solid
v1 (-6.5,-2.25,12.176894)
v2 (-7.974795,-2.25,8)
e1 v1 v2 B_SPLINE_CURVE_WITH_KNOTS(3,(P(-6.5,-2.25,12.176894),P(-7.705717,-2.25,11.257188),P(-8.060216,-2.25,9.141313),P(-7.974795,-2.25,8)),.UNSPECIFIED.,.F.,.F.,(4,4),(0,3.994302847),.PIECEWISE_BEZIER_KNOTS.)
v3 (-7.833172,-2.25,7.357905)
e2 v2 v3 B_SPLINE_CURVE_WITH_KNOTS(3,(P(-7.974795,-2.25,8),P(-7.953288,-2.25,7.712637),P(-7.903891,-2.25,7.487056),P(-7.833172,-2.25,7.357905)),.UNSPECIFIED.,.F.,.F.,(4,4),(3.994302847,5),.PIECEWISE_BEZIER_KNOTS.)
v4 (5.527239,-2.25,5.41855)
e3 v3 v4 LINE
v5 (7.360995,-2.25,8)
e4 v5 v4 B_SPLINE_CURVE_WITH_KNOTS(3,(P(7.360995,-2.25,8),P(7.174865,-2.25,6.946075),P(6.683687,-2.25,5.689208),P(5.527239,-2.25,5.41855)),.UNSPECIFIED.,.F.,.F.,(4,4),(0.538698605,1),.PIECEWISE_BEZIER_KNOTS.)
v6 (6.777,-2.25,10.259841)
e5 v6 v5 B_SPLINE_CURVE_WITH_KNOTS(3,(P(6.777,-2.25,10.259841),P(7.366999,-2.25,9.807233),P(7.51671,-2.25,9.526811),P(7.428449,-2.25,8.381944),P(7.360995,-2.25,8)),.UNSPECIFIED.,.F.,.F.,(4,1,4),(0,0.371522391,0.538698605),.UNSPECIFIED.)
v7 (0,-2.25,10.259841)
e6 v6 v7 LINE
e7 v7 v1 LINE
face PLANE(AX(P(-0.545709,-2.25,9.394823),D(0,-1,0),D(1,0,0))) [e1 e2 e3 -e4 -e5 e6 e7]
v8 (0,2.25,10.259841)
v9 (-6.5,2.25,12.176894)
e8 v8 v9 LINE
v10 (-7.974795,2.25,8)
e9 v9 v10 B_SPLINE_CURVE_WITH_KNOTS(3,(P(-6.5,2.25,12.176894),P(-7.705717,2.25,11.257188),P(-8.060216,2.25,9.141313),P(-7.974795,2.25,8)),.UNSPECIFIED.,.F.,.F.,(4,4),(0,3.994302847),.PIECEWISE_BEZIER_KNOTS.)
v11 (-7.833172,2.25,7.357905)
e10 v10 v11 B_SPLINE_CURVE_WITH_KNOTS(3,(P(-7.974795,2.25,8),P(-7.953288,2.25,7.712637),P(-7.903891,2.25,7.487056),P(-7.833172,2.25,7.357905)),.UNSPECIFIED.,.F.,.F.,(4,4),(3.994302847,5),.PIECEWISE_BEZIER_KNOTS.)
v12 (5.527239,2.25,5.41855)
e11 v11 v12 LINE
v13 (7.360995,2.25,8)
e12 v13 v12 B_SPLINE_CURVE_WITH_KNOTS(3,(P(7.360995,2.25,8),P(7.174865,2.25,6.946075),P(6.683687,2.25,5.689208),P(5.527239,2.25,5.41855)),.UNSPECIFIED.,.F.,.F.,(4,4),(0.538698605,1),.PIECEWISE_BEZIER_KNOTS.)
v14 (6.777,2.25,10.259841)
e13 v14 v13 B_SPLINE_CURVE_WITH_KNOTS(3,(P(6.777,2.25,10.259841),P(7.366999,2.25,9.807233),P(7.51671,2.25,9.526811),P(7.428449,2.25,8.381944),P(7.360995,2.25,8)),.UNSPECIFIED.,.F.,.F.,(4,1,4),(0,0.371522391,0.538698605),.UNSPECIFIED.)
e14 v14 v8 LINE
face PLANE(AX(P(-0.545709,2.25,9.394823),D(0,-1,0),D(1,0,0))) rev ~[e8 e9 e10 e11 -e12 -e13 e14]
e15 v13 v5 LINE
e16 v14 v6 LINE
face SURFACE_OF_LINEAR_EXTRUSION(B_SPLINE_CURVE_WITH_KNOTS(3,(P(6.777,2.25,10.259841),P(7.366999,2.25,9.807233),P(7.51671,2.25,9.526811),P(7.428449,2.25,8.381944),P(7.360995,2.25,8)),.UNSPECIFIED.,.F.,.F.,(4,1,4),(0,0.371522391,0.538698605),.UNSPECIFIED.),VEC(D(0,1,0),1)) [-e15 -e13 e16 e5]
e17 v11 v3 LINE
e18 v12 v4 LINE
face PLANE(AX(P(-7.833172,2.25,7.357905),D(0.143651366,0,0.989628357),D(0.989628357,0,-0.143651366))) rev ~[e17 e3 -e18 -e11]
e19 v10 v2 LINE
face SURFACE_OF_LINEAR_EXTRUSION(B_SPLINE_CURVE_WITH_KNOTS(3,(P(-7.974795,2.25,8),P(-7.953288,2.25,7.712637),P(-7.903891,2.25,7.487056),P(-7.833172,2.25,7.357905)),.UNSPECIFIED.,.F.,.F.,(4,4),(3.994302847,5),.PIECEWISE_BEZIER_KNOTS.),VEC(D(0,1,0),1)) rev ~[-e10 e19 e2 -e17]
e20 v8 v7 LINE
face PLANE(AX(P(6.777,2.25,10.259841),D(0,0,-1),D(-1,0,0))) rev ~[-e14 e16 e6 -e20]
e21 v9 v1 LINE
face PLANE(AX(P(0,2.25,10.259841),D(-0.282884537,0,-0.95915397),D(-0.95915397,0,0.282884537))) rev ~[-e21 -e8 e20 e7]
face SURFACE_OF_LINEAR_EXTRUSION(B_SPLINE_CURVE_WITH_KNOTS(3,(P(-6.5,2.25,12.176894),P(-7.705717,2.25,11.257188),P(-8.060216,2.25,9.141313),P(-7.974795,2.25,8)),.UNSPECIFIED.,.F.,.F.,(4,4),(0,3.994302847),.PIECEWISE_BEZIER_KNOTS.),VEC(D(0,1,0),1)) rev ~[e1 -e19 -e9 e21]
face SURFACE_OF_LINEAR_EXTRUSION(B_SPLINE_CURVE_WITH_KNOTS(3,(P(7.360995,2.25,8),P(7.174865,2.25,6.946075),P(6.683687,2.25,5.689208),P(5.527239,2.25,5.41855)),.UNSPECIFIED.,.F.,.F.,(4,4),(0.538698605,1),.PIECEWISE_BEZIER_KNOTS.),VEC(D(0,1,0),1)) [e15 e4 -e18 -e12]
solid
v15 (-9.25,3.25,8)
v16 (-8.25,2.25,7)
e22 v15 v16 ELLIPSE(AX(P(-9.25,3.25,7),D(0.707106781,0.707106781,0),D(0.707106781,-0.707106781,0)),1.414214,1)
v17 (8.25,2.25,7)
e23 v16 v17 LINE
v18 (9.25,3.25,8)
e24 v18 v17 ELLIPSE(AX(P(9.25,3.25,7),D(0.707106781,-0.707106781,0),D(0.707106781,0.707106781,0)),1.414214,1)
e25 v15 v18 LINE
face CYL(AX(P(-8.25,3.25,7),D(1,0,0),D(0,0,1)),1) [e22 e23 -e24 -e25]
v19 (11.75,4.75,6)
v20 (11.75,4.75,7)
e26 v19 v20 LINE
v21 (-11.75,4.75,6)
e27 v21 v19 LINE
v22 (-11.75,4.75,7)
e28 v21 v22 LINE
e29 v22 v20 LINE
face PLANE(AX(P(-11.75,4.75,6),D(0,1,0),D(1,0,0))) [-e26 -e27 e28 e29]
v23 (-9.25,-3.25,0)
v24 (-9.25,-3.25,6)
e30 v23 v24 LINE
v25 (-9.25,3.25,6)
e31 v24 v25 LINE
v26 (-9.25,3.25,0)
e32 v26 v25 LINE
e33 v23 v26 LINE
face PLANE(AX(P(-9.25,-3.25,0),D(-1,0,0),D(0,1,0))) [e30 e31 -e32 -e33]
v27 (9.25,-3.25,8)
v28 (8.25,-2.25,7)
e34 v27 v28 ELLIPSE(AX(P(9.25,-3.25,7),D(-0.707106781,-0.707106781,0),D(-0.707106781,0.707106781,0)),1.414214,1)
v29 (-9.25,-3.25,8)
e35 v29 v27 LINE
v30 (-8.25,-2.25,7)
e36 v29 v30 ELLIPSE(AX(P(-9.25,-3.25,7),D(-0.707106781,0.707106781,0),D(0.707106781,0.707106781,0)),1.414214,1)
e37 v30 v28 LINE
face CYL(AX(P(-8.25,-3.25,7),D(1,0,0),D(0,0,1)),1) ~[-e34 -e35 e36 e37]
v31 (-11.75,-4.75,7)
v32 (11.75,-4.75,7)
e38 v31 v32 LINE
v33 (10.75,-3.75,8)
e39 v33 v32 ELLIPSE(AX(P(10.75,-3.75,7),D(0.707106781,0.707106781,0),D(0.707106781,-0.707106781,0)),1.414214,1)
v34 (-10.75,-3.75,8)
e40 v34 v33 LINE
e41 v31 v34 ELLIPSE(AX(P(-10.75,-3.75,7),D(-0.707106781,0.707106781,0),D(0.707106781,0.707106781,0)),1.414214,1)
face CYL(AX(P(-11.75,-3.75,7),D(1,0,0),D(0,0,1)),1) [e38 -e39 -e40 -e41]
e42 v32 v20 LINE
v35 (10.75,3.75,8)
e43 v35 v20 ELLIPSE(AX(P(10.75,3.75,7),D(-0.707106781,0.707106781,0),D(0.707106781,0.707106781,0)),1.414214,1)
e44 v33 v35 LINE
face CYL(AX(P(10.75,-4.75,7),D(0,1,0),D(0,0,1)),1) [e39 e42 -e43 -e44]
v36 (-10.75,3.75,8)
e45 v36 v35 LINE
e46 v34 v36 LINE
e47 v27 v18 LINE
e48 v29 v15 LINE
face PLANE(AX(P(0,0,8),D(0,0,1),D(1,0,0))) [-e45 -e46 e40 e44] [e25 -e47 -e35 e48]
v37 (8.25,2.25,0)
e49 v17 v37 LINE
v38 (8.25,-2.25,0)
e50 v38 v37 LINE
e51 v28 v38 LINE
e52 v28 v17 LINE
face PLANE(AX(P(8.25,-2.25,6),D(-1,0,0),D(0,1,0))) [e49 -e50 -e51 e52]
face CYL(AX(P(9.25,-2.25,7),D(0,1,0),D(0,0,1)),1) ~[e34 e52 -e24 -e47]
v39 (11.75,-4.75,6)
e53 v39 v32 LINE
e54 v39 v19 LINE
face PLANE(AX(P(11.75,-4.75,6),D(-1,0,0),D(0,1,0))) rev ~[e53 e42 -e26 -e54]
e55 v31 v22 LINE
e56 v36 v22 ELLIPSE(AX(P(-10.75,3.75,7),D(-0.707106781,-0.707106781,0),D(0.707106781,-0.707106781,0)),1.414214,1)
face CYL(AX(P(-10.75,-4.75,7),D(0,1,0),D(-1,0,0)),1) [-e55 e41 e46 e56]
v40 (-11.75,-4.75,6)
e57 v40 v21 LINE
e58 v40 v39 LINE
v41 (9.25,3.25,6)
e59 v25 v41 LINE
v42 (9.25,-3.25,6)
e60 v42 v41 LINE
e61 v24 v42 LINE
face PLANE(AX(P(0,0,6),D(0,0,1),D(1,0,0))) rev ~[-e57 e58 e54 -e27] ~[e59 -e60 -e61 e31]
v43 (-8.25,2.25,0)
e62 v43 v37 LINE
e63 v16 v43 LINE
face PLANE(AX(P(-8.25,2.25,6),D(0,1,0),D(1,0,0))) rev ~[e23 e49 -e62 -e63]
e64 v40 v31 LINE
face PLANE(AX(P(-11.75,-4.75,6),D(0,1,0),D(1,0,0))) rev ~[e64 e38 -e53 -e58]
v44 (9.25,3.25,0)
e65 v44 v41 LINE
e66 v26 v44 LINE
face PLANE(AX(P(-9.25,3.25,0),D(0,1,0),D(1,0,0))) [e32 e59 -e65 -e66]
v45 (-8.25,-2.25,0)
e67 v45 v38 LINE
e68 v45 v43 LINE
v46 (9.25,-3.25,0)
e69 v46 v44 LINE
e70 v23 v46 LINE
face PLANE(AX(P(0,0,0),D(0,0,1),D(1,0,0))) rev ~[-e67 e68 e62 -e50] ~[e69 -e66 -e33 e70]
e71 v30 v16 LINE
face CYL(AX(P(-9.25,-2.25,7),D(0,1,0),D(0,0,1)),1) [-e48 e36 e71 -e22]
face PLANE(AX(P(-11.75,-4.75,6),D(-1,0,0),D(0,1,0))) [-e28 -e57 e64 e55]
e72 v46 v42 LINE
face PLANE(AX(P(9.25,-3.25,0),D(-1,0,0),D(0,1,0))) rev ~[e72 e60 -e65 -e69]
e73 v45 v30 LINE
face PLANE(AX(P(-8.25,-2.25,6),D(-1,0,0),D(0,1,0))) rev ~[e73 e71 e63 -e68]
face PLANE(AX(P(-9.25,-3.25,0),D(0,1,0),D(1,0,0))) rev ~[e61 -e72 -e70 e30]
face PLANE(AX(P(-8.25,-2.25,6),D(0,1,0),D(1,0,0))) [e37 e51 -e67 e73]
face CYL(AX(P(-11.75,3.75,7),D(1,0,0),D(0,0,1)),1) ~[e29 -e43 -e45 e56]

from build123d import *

# Parameters (mm, degrees)
F0_W     = 18.5
F0_H     = 6.5
F0_W_2   = 16.5
F0_H_2   = 4.5
F1_DEPTH = 6
F2_W     = 23.5
F2_H     = 9.5
F2_W_2   = 18.5
F2_H_2   = 6.5
F2_W_3   = 16.5
F2_H_3   = 4.5
F3_DEPTH = 2
F5_DEPTH = 4.5
F6_R     = 1


with BuildPart() as f1:
    # F0 (on Top) → F1 (new body)
    with BuildSketch(Plane.XY):
        Rectangle(F0_W, F0_H)
        Rectangle(F0_W_2, F0_H_2, mode=Mode.SUBTRACT)
    extrude(amount=F1_DEPTH)

    # F2 (on face) → F3 (join)
    with BuildSketch(Plane.XY.offset(6)):
        Rectangle(F2_W, F2_H)
        Rectangle(F2_W_2, F2_H_2, mode=Mode.SUBTRACT)
        Rectangle(F2_W_2, F2_H_2)
        Rectangle(F2_W_3, F2_H_3, mode=Mode.SUBTRACT)
    extrude(amount=F3_DEPTH)

    # F6
    f6_edges = [f1.edges().sort_by_distance(p)[0] for p in [
        (0, 4.75, 8),
        (-11.75, 0, 8),
        (0, -4.75, 8),
        (11.75, 0, 8),
        (0, 2.25, 8),
        (8.25, 0, 8),
        (0, -2.25, 8),
        (-8.25, 0, 8),
    ]]
    fillet(f6_edges, radius=F6_R)


with BuildPart() as f5:
    # F4 (on face) → F5 (new body, through all)
    with BuildSketch(Plane.XZ.offset(-2.25)):
        with BuildLine():
            Line((6.777, 10.2598406955), (0, 10.2598406955))
            Line((0, 10.2598406955), (-6.5, 12.1768942129))
            add(Edge.make_bspline(
                [(-6.5, 12.1768942129), (-7.7057169905, 11.257187587), (-8.0602164106, 9.1413128094), (-7.9747951659, 8)],
                knots=[0, 0, 0, 0, 3.994302847, 3.994302847, 3.994302847, 3.994302847], degree=3))
            Line((-7.9747951659, 8), (7.3609953707, 8))
            add(Edge.make_bspline(
                [(6.777, 10.2598406955), (7.3669994968, 9.8072325619), (7.516710158, 9.5268105324), (7.4284491197, 8.3819437932), (7.3609953707, 8)],
                knots=[0, 0, 0, 0, 0.3715223911, 0.5386986046, 0.5386986046, 0.5386986046, 0.5386986046], degree=3))
        make_face()
        with BuildLine():
            Line((7.3609953707, 8), (-7.9747951659, 8))
            add(Edge.make_bspline(
                [(-7.9747951659, 8), (-7.9532875572, 7.7126369514), (-7.9038913414, 7.4870558968), (-7.8331715094, 7.3579053432)],
                knots=[3.994302847, 3.994302847, 3.994302847, 3.994302847, 5, 5, 5, 5], degree=3))
            Line((-7.8331715094, 7.3579053432), (5.5272389137, 5.4185498317))
            add(Edge.make_bspline(
                [(7.3609953707, 8), (7.174865371, 6.9460749168), (6.683687286, 5.6892079201), (5.5272389137, 5.4185498317)],
                knots=[0.5386986046, 0.5386986046, 0.5386986046, 0.5386986046, 1, 1, 1, 1], degree=3))
        make_face()
    extrude(amount=F5_DEPTH)


solid = Compound([f1.part, f5.part])
